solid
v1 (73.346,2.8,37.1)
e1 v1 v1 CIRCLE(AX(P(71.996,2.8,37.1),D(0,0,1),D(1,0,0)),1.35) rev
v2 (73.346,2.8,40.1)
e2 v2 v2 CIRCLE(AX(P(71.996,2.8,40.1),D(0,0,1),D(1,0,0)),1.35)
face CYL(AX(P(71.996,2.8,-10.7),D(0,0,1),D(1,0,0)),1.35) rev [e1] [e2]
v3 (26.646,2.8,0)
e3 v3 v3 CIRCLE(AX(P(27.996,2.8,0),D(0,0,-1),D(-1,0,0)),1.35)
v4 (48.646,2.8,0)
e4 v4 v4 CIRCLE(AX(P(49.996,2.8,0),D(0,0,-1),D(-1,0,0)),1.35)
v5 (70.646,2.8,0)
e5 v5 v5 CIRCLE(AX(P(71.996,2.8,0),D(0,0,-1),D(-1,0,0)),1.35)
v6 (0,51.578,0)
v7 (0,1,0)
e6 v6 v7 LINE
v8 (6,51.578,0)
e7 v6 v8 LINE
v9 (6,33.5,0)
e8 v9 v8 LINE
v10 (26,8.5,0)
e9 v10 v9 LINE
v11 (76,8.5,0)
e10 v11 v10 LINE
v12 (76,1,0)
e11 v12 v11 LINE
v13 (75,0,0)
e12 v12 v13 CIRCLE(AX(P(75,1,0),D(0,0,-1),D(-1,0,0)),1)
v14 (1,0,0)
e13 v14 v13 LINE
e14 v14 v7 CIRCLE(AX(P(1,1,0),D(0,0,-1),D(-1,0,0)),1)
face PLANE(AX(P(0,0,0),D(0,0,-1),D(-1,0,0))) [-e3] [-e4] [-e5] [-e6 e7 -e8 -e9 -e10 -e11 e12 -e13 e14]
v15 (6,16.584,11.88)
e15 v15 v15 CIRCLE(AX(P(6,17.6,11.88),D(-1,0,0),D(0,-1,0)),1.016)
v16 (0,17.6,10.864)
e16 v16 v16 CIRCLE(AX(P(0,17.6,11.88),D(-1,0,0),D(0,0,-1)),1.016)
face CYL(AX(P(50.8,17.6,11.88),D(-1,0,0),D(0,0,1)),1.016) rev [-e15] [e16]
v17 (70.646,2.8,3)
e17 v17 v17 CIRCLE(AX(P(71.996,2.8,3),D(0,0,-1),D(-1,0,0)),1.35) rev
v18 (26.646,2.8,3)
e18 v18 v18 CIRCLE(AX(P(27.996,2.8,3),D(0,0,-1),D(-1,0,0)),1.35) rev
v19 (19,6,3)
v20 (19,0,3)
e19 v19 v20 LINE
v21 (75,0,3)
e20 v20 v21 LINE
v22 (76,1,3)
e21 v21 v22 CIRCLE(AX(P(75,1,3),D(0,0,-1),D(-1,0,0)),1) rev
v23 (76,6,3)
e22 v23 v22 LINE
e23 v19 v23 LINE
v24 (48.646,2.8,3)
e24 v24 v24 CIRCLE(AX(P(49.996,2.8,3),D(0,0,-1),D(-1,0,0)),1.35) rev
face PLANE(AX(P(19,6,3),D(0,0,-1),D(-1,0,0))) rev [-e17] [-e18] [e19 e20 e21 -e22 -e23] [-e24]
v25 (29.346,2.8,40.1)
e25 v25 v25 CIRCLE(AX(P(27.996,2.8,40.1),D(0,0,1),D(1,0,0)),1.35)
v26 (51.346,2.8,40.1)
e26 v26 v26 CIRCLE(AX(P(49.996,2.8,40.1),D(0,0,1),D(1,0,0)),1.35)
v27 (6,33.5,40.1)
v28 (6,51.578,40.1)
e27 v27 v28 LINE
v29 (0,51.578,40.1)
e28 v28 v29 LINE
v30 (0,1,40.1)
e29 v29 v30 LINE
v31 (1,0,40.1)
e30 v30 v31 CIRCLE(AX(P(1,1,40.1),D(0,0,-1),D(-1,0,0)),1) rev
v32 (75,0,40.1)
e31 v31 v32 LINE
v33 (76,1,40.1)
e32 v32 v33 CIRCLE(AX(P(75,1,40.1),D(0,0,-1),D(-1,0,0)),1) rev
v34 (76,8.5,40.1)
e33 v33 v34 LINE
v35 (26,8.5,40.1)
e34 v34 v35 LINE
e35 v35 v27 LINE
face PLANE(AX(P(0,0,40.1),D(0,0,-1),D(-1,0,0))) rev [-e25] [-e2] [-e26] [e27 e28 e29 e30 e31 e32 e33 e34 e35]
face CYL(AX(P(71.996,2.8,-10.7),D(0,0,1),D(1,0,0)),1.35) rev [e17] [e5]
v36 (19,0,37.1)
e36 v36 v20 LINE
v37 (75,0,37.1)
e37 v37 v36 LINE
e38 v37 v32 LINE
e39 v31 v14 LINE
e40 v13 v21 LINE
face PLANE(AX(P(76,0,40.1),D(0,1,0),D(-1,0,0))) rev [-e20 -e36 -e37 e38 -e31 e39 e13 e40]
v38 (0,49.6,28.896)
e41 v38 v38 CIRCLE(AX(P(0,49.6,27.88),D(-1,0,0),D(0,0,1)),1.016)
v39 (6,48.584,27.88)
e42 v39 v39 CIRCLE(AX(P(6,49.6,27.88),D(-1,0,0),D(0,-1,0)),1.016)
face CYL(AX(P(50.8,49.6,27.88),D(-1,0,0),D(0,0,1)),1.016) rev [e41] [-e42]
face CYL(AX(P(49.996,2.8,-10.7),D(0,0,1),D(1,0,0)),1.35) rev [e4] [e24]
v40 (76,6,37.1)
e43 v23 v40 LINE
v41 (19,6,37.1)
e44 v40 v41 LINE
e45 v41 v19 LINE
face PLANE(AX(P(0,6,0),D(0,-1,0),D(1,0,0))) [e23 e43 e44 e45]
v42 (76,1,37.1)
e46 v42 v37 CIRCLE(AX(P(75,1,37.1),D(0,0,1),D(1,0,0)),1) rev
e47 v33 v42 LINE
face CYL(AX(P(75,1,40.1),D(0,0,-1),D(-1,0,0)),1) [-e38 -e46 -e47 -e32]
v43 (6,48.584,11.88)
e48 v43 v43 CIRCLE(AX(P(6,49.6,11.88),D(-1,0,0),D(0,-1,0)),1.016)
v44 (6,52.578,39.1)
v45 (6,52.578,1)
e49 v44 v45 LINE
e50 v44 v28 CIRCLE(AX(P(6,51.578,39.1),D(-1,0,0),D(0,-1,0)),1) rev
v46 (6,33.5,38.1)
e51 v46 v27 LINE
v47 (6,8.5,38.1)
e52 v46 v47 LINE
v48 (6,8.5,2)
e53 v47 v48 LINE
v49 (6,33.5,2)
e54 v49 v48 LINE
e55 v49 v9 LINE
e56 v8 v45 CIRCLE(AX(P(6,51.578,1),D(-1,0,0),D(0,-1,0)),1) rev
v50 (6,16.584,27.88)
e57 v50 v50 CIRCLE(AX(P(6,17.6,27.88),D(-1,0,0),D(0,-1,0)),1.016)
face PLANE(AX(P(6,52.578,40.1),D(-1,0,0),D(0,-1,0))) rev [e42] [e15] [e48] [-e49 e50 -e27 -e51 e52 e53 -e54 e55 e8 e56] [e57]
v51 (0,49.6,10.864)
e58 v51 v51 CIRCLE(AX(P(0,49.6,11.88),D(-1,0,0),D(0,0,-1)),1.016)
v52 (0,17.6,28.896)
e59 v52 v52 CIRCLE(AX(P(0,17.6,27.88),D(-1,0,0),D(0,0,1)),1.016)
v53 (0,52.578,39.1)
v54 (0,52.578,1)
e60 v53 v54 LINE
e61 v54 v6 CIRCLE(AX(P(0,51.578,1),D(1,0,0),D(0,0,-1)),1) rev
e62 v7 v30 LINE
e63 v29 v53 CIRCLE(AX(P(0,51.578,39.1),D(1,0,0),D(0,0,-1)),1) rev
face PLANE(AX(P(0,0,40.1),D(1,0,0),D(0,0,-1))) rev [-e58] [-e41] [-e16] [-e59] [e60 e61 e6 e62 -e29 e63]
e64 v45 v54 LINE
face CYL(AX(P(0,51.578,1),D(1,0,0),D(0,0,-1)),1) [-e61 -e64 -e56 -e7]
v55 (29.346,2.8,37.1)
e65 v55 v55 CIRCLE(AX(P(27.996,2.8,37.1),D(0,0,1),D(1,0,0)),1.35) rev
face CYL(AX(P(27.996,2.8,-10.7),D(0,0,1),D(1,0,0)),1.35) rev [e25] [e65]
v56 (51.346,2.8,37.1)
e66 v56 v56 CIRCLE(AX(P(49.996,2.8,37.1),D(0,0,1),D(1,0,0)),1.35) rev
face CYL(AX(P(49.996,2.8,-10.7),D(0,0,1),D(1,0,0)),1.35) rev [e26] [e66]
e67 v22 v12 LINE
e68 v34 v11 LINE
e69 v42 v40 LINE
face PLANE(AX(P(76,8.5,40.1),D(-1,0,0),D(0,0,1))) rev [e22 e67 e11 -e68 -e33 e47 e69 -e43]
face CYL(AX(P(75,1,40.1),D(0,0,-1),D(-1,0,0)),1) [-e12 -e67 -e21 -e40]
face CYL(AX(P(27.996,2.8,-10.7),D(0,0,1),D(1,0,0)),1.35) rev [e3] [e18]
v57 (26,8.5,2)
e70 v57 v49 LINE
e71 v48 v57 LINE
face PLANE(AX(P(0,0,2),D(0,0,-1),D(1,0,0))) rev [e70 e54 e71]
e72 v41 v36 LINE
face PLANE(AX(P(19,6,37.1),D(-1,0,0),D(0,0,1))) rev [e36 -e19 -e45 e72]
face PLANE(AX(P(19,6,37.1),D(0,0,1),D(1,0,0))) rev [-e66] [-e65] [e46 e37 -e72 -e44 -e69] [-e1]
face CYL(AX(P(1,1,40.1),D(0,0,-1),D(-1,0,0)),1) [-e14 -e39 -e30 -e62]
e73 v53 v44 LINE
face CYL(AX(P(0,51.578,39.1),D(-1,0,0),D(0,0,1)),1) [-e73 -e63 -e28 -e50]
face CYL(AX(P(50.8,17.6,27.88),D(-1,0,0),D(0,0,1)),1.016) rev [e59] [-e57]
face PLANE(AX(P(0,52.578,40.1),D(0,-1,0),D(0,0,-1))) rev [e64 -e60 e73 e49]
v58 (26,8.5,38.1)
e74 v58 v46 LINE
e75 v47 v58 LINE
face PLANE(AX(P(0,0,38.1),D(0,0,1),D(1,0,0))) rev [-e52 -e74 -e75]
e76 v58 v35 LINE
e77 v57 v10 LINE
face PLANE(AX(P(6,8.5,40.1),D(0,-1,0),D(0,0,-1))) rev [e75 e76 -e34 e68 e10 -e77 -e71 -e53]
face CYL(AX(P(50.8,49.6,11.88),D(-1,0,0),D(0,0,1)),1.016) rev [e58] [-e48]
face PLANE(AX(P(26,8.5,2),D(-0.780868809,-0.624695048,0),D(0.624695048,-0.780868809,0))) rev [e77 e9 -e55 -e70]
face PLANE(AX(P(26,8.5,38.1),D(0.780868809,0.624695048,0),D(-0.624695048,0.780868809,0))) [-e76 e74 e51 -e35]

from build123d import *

# Parameters (mm, degrees)
BOSS_EXTRUDE1_DEPTH = 40.1
SKETCH3_R           = 1.35
CUT_EXTRUDE2_DEPTH  = 50.8
SKETCH4_R           = 1.016
CUT_EXTRUDE3_DEPTH  = 50.8
SKETCH6_W           = 62.086073973
SKETCH6_H           = 34.1
CUT_EXTRUDE4_DEPTH  = 6
BOSS_EXTRUDE5_DEPTH = 2
FILLET1_R           = 1


with BuildPart() as part:
    # Sketch1 → Boss-Extrude1 (new body)
    with BuildSketch(Plane.XY):
        Polygon((0, 0), (0, 52.578), (6, 52.578), (6, 8.5), (76, 8.5), (76, 0), align=None)
    extrude(amount=BOSS_EXTRUDE1_DEPTH)

    # Sketch3 → Cut-Extrude2 (cut)
    with BuildSketch(Plane.XY.offset(40.1)):
        with Locations((27.996, 2.8)):
            Circle(SKETCH3_R)
        with Locations((49.996, 2.8)):
            Circle(SKETCH3_R)
        with Locations((71.996, 2.8)):
            Circle(SKETCH3_R)
    extrude(amount=-CUT_EXTRUDE2_DEPTH, mode=Mode.SUBTRACT)

    # Sketch4 → Cut-Extrude3 (cut)
    with BuildSketch(Plane.ZY):
        with Locations((27.88, 17.6)):
            Circle(SKETCH4_R)
        with Locations(Location((11.88, 17.6, 0), (0, 0, 270))):
            Circle(SKETCH4_R)
        with Locations((27.88, 49.6)):
            Circle(SKETCH4_R)
        with Locations(Location((11.88, 49.6, 0), (0, 0, 270))):
            Circle(SKETCH4_R)
    extrude(amount=-CUT_EXTRUDE3_DEPTH, mode=Mode.SUBTRACT)

    # Sketch6 → Cut-Extrude4 (cut)
    with BuildSketch(Plane.XZ):
        with Locations((50.043036987, 20.05)):
            Rectangle(SKETCH6_W, SKETCH6_H)
    extrude(amount=-CUT_EXTRUDE4_DEPTH, mode=Mode.SUBTRACT)

    # Sketch16 → Boss-Extrude5 (add)
    with BuildSketch(Plane.XY.offset(40.1)):
        Polygon((6, 8.5), (26, 8.5), (6, 33.5), align=None)
    boss_extrude5 = extrude(amount=-BOSS_EXTRUDE5_DEPTH)

    # Mirror2: Boss-Extrude5 across plane
    add(boss_extrude5.mirror(Plane(origin=(0, 0, 20.05), x_dir=(1, 0, 0), z_dir=(0, 0, -1))))

    # Fillet1
    fillet1_edges = [part.edges().sort_by_distance(p)[0] for p in [
        (0, 0, 20.05),
        (76, 0, 38.6),
        (3, 52.578, 40.1),
        (76, 0, 1.5),
        (3, 52.578, 0),
    ]]
    fillet(fillet1_edges, radius=FILLET1_R)


solid = part.part
